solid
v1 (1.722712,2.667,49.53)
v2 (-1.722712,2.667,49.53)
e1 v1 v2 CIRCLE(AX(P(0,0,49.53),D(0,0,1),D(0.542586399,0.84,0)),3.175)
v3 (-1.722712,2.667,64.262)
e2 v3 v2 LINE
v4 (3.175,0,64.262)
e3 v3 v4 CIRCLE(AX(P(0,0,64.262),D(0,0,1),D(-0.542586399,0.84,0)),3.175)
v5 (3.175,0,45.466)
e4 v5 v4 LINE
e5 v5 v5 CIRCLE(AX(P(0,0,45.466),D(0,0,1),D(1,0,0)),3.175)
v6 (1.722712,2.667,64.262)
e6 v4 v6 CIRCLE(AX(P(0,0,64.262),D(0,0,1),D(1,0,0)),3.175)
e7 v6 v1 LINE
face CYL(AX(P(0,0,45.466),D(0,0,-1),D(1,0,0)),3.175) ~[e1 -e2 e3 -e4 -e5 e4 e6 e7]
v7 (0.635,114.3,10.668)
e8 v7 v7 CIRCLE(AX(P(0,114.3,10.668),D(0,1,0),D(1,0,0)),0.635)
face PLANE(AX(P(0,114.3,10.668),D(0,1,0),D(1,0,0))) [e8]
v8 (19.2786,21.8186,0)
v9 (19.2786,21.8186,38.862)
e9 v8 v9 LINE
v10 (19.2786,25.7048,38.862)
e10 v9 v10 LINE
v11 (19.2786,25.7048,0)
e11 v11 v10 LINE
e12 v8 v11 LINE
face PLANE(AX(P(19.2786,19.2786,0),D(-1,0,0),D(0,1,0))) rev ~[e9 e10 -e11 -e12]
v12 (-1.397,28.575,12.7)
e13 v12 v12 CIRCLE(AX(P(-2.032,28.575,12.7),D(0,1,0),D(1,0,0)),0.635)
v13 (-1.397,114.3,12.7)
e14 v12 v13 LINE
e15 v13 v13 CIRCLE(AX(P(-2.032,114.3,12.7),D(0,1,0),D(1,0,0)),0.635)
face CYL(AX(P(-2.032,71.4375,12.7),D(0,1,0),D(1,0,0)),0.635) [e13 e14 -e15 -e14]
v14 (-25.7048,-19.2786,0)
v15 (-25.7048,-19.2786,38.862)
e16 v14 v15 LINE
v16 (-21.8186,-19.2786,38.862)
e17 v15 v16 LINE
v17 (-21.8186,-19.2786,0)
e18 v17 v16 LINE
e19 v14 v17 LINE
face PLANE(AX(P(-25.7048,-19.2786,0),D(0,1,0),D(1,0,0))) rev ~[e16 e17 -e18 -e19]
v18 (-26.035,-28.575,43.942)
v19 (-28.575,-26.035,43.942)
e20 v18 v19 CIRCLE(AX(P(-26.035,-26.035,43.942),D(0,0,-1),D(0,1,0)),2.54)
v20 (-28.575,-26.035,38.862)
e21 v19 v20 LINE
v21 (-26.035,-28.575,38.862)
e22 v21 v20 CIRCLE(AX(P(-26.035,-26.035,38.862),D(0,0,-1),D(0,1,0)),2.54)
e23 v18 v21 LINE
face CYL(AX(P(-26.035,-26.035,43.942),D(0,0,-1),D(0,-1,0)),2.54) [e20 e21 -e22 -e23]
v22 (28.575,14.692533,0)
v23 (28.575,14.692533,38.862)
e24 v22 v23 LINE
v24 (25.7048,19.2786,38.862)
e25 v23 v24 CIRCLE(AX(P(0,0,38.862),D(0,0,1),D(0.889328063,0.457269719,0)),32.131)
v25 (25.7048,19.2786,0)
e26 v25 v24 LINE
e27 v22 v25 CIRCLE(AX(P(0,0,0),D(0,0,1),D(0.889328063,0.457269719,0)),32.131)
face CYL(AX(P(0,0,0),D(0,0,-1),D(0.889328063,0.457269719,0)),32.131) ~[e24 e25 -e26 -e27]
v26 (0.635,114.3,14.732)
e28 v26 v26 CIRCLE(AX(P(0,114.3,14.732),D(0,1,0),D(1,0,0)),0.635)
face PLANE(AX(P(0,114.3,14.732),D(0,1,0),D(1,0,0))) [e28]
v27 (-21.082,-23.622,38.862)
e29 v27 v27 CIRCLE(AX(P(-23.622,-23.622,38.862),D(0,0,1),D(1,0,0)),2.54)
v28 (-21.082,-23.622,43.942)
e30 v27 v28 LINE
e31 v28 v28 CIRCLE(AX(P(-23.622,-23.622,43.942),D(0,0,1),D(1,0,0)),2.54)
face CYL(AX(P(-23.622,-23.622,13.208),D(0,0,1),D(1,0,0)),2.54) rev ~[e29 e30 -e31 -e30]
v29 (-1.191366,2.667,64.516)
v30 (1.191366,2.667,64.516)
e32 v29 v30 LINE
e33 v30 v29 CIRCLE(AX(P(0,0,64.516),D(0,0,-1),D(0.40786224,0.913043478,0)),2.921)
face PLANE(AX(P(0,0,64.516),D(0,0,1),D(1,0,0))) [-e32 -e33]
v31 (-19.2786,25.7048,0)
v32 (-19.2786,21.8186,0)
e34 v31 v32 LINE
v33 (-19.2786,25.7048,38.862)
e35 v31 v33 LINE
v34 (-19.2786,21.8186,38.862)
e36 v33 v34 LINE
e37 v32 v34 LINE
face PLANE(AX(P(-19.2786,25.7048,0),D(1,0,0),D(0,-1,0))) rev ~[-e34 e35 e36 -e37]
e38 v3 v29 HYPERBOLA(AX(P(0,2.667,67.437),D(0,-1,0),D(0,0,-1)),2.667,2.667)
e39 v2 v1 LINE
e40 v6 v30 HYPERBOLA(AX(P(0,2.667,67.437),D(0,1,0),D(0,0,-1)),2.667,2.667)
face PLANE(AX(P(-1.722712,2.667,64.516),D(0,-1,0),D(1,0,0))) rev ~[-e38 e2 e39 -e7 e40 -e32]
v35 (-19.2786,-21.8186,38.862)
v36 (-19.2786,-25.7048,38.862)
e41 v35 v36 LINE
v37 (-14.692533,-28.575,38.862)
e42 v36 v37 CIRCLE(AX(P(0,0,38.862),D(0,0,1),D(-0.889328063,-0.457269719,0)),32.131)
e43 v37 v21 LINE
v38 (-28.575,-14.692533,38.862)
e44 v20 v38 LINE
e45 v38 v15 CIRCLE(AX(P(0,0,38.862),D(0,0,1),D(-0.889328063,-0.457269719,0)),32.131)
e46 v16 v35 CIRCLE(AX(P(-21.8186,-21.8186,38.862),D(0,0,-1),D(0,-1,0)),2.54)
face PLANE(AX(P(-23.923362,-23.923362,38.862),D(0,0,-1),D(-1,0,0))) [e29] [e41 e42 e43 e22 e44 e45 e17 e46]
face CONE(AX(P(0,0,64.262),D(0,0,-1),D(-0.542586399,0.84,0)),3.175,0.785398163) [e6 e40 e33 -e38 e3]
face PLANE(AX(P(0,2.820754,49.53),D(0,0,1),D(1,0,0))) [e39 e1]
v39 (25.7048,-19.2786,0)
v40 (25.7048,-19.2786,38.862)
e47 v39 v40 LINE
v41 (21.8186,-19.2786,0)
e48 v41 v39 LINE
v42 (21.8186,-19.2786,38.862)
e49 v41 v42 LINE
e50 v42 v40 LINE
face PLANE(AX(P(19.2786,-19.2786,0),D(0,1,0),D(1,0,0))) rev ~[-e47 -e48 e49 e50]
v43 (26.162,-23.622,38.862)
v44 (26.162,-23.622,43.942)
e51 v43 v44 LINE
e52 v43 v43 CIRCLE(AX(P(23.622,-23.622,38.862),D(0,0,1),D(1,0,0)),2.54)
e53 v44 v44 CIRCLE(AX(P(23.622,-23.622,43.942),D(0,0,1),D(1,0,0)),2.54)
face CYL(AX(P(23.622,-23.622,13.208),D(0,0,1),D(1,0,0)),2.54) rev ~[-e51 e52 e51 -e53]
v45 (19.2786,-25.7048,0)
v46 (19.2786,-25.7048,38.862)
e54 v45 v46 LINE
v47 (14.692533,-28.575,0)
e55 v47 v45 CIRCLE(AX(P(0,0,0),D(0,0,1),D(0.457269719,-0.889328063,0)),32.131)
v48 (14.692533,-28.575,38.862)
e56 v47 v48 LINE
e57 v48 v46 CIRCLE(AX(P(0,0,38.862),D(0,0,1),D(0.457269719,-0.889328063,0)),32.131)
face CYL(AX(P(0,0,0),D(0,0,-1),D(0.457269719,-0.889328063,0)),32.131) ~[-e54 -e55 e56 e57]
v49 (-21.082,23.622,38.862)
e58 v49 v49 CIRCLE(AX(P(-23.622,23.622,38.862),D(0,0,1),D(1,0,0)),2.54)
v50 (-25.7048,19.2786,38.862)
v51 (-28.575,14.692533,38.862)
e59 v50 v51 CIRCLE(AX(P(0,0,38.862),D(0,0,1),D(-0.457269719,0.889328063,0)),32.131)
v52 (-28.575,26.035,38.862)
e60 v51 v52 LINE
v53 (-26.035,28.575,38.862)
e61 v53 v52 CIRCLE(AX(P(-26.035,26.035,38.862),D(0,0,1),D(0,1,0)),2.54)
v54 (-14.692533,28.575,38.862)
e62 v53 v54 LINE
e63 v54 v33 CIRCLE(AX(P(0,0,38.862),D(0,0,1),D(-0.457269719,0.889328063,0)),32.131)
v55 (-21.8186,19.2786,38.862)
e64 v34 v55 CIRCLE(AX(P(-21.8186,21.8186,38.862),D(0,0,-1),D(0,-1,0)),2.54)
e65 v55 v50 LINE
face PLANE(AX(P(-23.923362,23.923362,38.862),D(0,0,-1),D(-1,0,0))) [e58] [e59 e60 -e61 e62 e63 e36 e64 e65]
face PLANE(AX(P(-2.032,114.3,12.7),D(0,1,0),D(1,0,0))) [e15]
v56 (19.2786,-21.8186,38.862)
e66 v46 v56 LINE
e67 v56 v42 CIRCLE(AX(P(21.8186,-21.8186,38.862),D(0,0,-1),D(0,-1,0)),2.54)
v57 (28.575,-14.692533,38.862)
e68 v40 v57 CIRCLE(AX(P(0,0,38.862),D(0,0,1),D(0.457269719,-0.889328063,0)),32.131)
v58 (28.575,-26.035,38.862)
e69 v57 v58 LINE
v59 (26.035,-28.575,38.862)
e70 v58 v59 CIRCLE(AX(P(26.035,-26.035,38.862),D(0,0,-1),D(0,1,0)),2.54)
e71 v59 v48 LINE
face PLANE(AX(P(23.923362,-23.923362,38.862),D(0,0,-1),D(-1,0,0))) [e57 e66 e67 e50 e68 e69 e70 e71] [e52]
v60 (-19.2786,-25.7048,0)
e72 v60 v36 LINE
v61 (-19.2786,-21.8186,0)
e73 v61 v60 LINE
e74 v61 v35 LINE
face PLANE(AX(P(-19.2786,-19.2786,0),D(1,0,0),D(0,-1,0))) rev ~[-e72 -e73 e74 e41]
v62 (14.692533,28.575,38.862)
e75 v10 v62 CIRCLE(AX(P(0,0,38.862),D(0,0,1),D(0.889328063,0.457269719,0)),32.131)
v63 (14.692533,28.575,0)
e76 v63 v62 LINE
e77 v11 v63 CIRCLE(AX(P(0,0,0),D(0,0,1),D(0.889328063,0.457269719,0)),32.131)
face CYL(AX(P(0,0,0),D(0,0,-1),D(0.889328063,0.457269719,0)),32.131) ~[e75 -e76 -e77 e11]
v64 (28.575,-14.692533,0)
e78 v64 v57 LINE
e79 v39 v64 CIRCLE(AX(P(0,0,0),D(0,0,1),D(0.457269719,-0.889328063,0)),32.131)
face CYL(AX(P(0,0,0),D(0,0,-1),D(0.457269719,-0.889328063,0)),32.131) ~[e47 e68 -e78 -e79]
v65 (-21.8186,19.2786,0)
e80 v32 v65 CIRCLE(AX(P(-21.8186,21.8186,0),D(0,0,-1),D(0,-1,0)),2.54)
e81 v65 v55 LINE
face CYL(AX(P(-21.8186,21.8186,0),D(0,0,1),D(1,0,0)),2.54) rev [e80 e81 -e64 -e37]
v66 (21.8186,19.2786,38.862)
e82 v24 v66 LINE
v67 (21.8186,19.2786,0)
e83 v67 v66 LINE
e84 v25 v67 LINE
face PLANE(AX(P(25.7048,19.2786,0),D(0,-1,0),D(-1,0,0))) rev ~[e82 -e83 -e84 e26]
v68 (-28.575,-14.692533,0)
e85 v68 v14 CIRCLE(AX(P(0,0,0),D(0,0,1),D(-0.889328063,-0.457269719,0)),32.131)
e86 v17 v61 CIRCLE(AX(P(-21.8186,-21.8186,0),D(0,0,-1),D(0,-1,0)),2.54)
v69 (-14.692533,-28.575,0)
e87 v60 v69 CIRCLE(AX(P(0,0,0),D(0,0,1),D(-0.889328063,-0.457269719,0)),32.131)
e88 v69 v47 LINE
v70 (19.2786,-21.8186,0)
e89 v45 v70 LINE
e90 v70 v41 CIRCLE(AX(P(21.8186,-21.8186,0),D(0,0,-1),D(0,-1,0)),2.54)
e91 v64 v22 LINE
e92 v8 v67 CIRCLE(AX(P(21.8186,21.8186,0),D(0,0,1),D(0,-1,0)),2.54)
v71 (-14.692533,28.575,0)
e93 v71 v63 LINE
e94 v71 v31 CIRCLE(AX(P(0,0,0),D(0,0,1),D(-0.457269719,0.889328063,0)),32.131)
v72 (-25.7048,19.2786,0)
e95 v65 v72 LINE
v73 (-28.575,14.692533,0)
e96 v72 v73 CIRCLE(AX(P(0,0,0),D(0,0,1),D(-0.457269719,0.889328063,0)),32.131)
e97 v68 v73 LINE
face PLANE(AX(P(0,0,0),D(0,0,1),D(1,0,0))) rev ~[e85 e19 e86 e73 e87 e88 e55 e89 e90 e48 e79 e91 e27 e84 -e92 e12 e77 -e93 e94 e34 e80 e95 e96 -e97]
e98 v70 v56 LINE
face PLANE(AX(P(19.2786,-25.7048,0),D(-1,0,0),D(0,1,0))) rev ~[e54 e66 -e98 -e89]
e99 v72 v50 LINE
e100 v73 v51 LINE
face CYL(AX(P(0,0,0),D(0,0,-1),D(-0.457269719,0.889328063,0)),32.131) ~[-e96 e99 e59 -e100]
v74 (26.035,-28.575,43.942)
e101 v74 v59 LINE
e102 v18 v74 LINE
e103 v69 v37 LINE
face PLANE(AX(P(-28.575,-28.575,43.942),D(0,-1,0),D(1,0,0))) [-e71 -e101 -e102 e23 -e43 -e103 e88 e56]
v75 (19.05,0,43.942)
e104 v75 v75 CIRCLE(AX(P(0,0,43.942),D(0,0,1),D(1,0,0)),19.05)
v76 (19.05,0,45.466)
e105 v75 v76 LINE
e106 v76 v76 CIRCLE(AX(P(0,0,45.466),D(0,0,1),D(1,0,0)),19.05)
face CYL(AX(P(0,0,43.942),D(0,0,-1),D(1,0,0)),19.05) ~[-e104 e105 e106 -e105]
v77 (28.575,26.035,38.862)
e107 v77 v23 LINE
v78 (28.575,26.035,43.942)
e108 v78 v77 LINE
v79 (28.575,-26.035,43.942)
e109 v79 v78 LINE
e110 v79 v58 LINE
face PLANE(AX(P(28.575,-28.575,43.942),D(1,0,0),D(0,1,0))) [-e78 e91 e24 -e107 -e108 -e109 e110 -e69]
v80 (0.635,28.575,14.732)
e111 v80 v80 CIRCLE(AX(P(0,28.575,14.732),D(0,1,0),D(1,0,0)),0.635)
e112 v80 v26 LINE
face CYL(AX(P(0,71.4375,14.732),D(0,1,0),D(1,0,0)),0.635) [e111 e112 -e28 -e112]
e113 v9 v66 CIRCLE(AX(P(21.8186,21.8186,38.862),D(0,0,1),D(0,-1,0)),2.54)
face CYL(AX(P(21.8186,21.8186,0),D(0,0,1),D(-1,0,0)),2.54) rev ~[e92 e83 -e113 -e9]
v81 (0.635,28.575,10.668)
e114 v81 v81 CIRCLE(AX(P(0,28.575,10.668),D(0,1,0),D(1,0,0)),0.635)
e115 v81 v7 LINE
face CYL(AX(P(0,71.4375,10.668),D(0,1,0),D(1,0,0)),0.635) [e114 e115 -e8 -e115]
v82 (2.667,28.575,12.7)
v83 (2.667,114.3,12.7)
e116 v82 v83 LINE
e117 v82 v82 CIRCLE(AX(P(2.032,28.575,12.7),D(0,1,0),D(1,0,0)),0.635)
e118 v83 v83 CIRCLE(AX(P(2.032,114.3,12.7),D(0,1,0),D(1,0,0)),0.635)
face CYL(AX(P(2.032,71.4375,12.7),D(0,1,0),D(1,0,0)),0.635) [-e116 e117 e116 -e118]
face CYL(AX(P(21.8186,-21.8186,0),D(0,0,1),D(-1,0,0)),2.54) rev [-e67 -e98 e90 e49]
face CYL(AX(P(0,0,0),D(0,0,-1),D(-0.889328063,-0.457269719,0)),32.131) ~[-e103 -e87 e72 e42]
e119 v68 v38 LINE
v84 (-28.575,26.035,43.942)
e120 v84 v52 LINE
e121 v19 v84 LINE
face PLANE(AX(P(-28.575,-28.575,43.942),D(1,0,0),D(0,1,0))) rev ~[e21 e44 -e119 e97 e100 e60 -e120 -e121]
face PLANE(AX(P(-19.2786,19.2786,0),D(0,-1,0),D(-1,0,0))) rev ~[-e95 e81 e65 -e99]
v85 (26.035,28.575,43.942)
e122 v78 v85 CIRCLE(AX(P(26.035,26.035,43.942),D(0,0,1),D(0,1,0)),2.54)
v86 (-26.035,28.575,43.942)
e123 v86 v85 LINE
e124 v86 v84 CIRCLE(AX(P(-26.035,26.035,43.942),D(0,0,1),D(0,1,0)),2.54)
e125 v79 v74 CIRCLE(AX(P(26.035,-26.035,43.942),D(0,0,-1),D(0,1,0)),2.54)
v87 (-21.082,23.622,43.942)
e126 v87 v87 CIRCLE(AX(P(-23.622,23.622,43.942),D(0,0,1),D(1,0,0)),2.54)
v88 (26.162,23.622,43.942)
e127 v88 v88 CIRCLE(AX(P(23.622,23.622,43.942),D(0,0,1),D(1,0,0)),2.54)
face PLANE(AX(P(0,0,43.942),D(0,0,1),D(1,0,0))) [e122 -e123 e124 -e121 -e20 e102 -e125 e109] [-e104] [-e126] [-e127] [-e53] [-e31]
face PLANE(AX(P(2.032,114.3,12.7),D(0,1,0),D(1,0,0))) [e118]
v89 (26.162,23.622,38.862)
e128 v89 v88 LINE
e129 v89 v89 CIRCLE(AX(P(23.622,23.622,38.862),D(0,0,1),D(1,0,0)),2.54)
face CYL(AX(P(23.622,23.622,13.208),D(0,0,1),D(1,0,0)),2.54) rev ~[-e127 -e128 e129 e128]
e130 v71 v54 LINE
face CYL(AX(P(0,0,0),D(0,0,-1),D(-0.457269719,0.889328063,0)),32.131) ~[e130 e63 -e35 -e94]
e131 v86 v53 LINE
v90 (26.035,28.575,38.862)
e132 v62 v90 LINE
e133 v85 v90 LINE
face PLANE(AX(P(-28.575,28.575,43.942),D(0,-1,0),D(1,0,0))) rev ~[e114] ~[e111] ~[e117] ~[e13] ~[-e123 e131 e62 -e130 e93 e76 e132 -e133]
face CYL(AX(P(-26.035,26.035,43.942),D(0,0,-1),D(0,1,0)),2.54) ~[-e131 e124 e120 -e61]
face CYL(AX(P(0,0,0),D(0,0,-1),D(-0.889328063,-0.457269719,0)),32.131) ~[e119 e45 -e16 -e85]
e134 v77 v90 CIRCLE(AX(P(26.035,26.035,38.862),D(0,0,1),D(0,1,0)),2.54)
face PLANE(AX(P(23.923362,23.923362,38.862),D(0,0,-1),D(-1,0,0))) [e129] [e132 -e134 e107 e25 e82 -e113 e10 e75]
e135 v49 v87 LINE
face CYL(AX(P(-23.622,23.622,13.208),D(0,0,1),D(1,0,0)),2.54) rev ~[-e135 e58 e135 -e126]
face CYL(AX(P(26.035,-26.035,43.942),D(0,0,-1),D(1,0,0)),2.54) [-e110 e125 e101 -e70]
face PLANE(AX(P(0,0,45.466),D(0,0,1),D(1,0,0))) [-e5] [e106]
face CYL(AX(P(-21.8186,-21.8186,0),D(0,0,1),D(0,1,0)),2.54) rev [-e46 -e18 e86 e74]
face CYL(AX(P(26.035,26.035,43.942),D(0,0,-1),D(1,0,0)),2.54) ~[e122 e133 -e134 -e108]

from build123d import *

# Parameters (mm, degrees)
ESQUISSE1_W             = 57.15
ESQUISSE1_H             = 57.15
BOSS_EXTRU_1_DEPTH      = 43.942
ENL_V_MAT_EXTRU_1_DEPTH = 38.862
ENL_V_MAT_EXTRU_2_DEPTH = 38.862
ENL_V_MAT_EXTRU_3_DEPTH = 38.862
ENL_V_MAT_EXTRU_4_DEPTH = 38.862
ENL_V_MAT_EXTRU_5_DEPTH = 38.862
ENL_V_MAT_EXTRU_6_DEPTH = 38.862
ENL_V_MAT_EXTRU_7_DEPTH = 38.862
ENL_V_MAT_EXTRU_8_DEPTH = 38.862
ESQUISSE10_R            = 19.05
BOSS_EXTRU_2_DEPTH      = 1.524
ESQUISSE11_R            = 3.175
BOSS_EXTRU_3_DEPTH      = 19.05
ENL_V_MAT_EXTRU_9_DEPTH = 14.986
ESQUISSE13_W            = 0.635
ESQUISSE13_H            = 85.725
ESQUISSE14_W            = 0.635
ESQUISSE14_H            = 85.725
ESQUISSE15_W            = 0.635
ESQUISSE15_H            = 85.725
ESQUISSE16_W            = 0.635
ESQUISSE16_H            = 85.725
PER_AGE1_D              = 5.08
PER_AGE1_DEPTH          = 25.654
CHANFREIN1_SIZE         = 0.254
CONG_1_R                = 2.54


with BuildPart() as part:
    # Esquisse1 → Boss.-Extru.1 (new body)
    with BuildSketch(Plane.XY.offset(43.942)):
        Rectangle(ESQUISSE1_W, ESQUISSE1_H)
    extrude(amount=-BOSS_EXTRU_1_DEPTH)

    # Esquisse2 → Enlèv. mat.-Extru.1 (cut)
    with BuildSketch(Plane(origin=(0, 0, 0), x_dir=(-1, 0, 0), z_dir=(0, 0, -1))):
        with BuildLine():
            Line((-28.575, -28.575), (-14.692533342, -28.575))
            ThreePointArc((-14.692533342, -28.575), (-22.720047986, -22.720047986), (-28.575, -14.692533342))
            Line((-28.575, -14.692533342), (-28.575, -28.575))
        make_face()
    extrude(amount=-ENL_V_MAT_EXTRU_1_DEPTH, mode=Mode.SUBTRACT)

    # Esquisse3 → Enlèv. mat.-Extru.2 (cut)
    with BuildSketch(Plane(origin=(0, 0, 0), x_dir=(-1, 0, 0), z_dir=(0, 0, -1))):
        with BuildLine():
            Line((-19.2786, -25.7048), (-19.2786, -19.2786))
            Line((-19.2786, -19.2786), (-25.7048, -19.2786))
            ThreePointArc((-25.7048, -19.2786), (-22.720047986, -22.720047986), (-19.2786, -25.7048))
        make_face()
    extrude(amount=-ENL_V_MAT_EXTRU_2_DEPTH, mode=Mode.SUBTRACT)

    # Esquisse4 → Enlèv. mat.-Extru.3 (cut)
    with BuildSketch(Plane(origin=(0, 0, 0), x_dir=(-1, 0, 0), z_dir=(0, 0, -1))):
        with BuildLine():
            Line((-28.575, 28.575), (-28.575, 14.692533342))
            ThreePointArc((-28.575, 14.692533342), (-22.720047986, 22.720047986), (-14.692533342, 28.575))
            Line((-14.692533342, 28.575), (-28.575, 28.575))
        make_face()
    extrude(amount=-ENL_V_MAT_EXTRU_3_DEPTH, mode=Mode.SUBTRACT)

    # Esquisse5 → Enlèv. mat.-Extru.4 (cut)
    with BuildSketch(Plane(origin=(0, 0, 0), x_dir=(-1, 0, 0), z_dir=(0, 0, -1))):
        with BuildLine():
            Line((-25.7048, 19.2786), (-19.2786, 19.2786))
            Line((-19.2786, 19.2786), (-19.2786, 25.7048))
            ThreePointArc((-19.2786, 25.7048), (-22.720047986, 22.720047986), (-25.7048, 19.2786))
        make_face()
    extrude(amount=-ENL_V_MAT_EXTRU_4_DEPTH, mode=Mode.SUBTRACT)

    # Esquisse6 → Enlèv. mat.-Extru.5 (cut)
    with BuildSketch(Plane(origin=(0, 0, 0), x_dir=(-1, 0, 0), z_dir=(0, 0, -1))):
        with BuildLine():
            Line((28.575, 28.575), (14.692533342, 28.575))
            ThreePointArc((14.692533342, 28.575), (22.720047986, 22.720047986), (28.575, 14.692533342))
            Line((28.575, 14.692533342), (28.575, 28.575))
        make_face()
    extrude(amount=-ENL_V_MAT_EXTRU_5_DEPTH, mode=Mode.SUBTRACT)

    # Esquisse7 → Enlèv. mat.-Extru.6 (cut)
    with BuildSketch(Plane(origin=(0, 0, 0), x_dir=(-1, 0, 0), z_dir=(0, 0, -1))):
        with BuildLine():
            Line((19.2786, 25.7048), (19.2786, 19.2786))
            Line((19.2786, 19.2786), (25.7048, 19.2786))
            ThreePointArc((25.7048, 19.2786), (22.720047986, 22.720047986), (19.2786, 25.7048))
        make_face()
    extrude(amount=-ENL_V_MAT_EXTRU_6_DEPTH, mode=Mode.SUBTRACT)

    # Esquisse8 → Enlèv. mat.-Extru.7 (cut)
    with BuildSketch(Plane(origin=(0, 0, 0), x_dir=(-1, 0, 0), z_dir=(0, 0, -1))):
        with BuildLine():
            Line((28.575, -28.575), (28.575, -14.692533342))
            ThreePointArc((28.575, -14.692533342), (22.720047986, -22.720047986), (14.692533342, -28.575))
            Line((14.692533342, -28.575), (28.575, -28.575))
        make_face()
    extrude(amount=-ENL_V_MAT_EXTRU_7_DEPTH, mode=Mode.SUBTRACT)

    # Esquisse9 → Enlèv. mat.-Extru.8 (cut)
    with BuildSketch(Plane(origin=(0, 0, 0), x_dir=(-1, 0, 0), z_dir=(0, 0, -1))):
        with BuildLine():
            Line((25.7048, -19.2786), (19.2786, -19.2786))
            Line((19.2786, -19.2786), (19.2786, -25.7048))
            ThreePointArc((19.2786, -25.7048), (22.720047986, -22.720047986), (25.7048, -19.2786))
        make_face()
    extrude(amount=-ENL_V_MAT_EXTRU_8_DEPTH, mode=Mode.SUBTRACT)

    # Esquisse10 → Boss.-Extru.2 (add)
    with BuildSketch(Plane.XY.offset(43.942)):
        Circle(ESQUISSE10_R)
    extrude(amount=BOSS_EXTRU_2_DEPTH)

    # Esquisse11 → Boss.-Extru.3 (add)
    with BuildSketch(Plane.XY.offset(45.466)):
        Circle(ESQUISSE11_R)
    extrude(amount=BOSS_EXTRU_3_DEPTH)

    # Esquisse12 → Enlèv. mat.-Extru.9 (cut)
    with BuildSketch(Plane.XY.offset(64.516)):
        with BuildLine():
            Line((-1.722711816, 2.667), (1.722711816, 2.667))
            ThreePointArc((1.722711816, 2.667), (0, 3.175), (-1.722711816, 2.667))
        make_face()
    extrude(amount=-ENL_V_MAT_EXTRU_9_DEPTH, mode=Mode.SUBTRACT)

    # Esquisse13 → Révolution1 (revolve)
    with BuildSketch(Plane(origin=(0, 0, 12.7), x_dir=(-1, 0, 0), z_dir=(0, 0, -1))):
        with Locations((1.7145, 71.4375)):
            Rectangle(ESQUISSE13_W, ESQUISSE13_H)
    revolve(axis=Axis((-2.032, 28.575, 12.7), (0, 1, 0)))

    # Esquisse14 → Révolution2 (revolve)
    with BuildSketch(Plane(origin=(0, 0, 12.7), x_dir=(-1, 0, 0), z_dir=(0, 0, -1))):
        with Locations((-2.3495, 71.4375)):
            Rectangle(ESQUISSE14_W, ESQUISSE14_H)
    revolve(axis=Axis((2.032, 28.575, 12.7), (0, 1, 0)))

    # Esquisse15 → Révolution3 (revolve)
    with BuildSketch(Plane(origin=(0, 0, 14.732), x_dir=(-1, 0, 0), z_dir=(0, 0, -1))):
        with Locations((-0.3175, 71.4375)):
            Rectangle(ESQUISSE15_W, ESQUISSE15_H)
    revolve(axis=Axis((0, 28.575, 14.732), (0, 1, 0)))

    # Esquisse16 → Révolution4 (revolve)
    with BuildSketch(Plane(origin=(0, 0, 10.668), x_dir=(-1, 0, 0), z_dir=(0, 0, -1))):
        with Locations((-0.3175, 71.4375)):
            Rectangle(ESQUISSE16_W, ESQUISSE16_H)
    revolve(axis=Axis((0, 28.575, 10.668), (0, 1, 0)))

    # Perçage1
    with Locations(Plane(origin=(0, 0, 38.862), x_dir=(-1, 0, 0), z_dir=(0, 0, -1))):
        with Locations((-23.622, -23.622), (-23.622, 23.622), (23.622, 23.622), (23.622, -23.622)):
            Hole(PER_AGE1_D / 2, depth=PER_AGE1_DEPTH)

    # Chanfrein1
    chanfrein1_edges = [part.edges().sort_by_distance(p)[0] for p in [
        (-1.51838977, -2.78838977, 64.516),
    ]]
    chamfer(chanfrein1_edges, length=CHANFREIN1_SIZE)

    # Congé1
    cong_1_edges = [part.edges().sort_by_distance(p)[0] for p in [
        (-19.2786, -19.2786, 19.431),
        (28.575, -28.575, 41.402),
        (19.2786, -19.2786, 19.431),
        (28.575, 28.575, 41.402),
        (19.2786, 19.2786, 19.431),
        (-28.575, 28.575, 41.402),
        (-19.2786, 19.2786, 19.431),
        (-28.575, -28.575, 41.402),
    ]]
    fillet(cong_1_edges, radius=CONG_1_R)


solid = part.part
